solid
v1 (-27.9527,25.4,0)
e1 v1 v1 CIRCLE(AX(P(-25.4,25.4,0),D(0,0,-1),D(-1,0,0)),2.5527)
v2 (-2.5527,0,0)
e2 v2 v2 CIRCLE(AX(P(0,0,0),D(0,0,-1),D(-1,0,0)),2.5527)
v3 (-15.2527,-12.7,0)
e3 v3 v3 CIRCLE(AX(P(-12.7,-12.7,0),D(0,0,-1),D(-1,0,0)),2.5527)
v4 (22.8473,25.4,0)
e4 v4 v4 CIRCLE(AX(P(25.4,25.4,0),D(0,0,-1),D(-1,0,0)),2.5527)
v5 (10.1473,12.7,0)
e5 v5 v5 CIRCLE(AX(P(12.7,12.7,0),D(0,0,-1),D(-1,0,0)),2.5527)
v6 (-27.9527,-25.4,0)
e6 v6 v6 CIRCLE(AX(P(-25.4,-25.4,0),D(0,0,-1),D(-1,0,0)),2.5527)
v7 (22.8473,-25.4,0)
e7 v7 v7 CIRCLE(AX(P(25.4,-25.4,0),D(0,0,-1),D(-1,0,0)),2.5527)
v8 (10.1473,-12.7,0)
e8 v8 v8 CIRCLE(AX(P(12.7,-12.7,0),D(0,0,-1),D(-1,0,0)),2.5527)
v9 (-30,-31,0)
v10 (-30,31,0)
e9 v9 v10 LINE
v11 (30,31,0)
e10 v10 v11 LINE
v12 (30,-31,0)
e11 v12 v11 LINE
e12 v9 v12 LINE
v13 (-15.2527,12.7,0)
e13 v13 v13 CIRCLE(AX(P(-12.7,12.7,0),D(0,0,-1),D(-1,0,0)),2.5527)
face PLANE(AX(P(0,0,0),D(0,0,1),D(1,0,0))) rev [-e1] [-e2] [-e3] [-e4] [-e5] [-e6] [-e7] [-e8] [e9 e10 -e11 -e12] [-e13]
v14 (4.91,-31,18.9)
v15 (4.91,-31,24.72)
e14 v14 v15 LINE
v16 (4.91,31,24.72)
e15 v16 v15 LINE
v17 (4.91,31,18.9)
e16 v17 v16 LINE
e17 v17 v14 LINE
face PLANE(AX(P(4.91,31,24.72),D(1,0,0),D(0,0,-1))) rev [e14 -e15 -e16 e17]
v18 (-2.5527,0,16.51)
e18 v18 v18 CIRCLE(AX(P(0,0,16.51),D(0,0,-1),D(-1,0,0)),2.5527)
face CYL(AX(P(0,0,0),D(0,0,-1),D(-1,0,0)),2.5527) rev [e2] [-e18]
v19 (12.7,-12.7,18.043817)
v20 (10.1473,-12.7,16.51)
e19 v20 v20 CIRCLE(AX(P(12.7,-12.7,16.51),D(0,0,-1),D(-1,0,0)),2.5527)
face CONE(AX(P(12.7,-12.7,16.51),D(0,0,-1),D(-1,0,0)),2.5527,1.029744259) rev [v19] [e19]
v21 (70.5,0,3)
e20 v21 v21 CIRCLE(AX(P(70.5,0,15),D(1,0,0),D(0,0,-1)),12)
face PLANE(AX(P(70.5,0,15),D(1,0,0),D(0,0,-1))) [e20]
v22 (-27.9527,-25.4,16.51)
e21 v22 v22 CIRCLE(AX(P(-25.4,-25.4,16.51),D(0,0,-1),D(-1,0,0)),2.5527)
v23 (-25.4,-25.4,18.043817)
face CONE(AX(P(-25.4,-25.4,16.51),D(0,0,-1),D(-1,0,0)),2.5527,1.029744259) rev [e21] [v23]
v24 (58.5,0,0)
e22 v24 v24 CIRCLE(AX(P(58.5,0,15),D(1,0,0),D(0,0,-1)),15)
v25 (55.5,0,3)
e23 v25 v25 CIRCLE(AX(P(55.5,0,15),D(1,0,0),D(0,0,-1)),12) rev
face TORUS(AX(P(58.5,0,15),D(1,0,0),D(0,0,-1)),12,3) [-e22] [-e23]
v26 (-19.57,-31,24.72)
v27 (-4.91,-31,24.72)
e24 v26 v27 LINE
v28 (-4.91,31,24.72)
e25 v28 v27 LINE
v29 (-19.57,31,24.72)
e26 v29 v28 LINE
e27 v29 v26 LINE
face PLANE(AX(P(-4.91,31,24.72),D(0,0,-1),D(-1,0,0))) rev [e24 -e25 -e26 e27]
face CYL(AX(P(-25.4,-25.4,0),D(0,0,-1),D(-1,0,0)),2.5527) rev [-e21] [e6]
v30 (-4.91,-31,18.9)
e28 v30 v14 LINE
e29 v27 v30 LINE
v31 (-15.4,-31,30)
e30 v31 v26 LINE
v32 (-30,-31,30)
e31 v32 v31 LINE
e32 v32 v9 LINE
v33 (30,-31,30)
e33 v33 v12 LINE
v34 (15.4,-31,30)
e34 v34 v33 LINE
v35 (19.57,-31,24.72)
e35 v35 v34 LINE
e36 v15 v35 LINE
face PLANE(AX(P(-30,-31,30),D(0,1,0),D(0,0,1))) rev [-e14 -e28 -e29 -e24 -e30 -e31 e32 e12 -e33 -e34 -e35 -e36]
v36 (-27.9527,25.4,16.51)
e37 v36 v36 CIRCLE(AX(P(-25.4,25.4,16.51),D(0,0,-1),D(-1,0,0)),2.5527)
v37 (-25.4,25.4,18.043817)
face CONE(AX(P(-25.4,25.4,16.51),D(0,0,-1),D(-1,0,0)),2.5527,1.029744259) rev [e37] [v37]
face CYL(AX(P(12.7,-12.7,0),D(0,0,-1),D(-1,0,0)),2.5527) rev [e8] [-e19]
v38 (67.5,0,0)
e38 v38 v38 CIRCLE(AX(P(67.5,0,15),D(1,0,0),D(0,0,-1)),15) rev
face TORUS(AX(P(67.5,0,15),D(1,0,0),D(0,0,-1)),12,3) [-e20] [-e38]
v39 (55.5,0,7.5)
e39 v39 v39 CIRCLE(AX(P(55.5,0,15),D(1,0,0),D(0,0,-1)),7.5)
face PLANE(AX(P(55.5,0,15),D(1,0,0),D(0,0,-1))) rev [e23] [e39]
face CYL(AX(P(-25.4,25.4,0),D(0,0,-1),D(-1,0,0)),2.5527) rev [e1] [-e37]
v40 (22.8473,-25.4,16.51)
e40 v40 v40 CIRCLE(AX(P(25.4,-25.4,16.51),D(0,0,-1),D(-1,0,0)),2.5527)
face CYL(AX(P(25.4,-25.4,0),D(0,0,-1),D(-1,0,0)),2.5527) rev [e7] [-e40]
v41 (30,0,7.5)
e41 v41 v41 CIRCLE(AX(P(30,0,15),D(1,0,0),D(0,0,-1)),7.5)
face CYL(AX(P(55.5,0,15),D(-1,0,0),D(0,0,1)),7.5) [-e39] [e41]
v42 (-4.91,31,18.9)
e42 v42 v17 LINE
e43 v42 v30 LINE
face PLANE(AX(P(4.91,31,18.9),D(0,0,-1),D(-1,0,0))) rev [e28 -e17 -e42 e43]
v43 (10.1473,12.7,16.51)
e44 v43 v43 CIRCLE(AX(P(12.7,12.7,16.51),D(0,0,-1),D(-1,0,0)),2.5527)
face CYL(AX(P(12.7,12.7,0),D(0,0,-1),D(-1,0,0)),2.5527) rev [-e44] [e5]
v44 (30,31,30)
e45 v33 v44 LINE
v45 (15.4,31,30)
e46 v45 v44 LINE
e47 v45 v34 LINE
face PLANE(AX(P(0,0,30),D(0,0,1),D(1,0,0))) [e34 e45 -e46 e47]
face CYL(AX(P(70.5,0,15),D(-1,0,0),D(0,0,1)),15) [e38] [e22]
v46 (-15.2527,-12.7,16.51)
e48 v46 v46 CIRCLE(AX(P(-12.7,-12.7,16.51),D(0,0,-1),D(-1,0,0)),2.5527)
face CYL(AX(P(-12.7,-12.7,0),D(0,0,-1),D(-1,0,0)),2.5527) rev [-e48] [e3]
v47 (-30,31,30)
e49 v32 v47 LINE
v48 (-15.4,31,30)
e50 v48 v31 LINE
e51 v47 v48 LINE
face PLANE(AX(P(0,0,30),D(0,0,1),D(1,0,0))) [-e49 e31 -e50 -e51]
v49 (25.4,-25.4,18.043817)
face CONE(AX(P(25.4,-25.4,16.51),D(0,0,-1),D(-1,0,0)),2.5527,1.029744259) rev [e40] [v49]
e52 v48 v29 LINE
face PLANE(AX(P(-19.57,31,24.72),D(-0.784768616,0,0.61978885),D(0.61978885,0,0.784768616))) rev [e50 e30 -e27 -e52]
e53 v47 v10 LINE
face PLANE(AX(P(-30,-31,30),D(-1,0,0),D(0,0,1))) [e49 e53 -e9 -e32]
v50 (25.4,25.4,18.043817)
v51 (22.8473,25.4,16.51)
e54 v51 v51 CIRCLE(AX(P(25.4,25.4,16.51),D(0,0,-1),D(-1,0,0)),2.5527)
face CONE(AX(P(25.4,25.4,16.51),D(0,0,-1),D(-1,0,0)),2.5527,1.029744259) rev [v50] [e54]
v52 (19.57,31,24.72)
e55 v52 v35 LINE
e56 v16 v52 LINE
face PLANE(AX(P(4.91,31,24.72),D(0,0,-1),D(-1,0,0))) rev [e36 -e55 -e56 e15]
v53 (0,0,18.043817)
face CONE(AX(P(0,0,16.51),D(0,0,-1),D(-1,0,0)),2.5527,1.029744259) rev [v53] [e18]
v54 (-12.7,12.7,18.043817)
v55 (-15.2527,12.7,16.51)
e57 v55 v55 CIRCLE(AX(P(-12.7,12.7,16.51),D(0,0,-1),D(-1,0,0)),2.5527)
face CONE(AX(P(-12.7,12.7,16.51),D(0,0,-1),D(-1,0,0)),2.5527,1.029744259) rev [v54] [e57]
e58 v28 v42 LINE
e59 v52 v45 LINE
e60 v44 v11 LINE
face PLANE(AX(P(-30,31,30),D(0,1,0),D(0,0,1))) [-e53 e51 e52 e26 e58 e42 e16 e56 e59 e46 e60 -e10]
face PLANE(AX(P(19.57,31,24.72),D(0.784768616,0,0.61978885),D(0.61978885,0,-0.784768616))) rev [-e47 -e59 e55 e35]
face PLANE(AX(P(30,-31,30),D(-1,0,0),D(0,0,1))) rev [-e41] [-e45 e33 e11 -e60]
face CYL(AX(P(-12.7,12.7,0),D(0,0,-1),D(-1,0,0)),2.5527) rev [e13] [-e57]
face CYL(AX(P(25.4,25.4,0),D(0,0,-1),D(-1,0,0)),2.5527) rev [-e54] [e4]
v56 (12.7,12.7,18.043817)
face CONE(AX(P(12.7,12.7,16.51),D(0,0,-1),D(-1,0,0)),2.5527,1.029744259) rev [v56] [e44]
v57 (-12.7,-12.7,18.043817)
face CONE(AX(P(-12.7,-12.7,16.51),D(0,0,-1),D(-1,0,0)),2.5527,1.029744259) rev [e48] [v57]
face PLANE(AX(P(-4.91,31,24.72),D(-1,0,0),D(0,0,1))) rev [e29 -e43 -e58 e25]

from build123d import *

# Parameters (mm, degrees)
SKETCH1_W                   = 60
SKETCH1_H                   = 62
BOSS_EXTRUDE1_DEPTH         = 30
SKETCH3_R                   = 7.5
BOSS_EXTRUDE2_DEPTH         = 25.5
SKETCH4_R                   = 15
BOSS_EXTRUDE3_DEPTH         = 15
FILLET1_R                   = 3
SKETCH1_3_W                 = 60
SKETCH1_3_H                 = 62
SKETCH1_3_R                 = 3.175
BOSS_EXTRUDE4_DEPTH         = 20
F_1_4_20_TAPPED_HOLE1_D     = 5.1054
F_1_4_20_TAPPED_HOLE1_DEPTH = 16.51
F_1_4_20_TAPPED_HOLE1_TIP   = 1.533816902
F_1_4_20_TAPPED_HOLE2_D     = 5.1054
F_1_4_20_TAPPED_HOLE2_DEPTH = 16.51
F_1_4_20_TAPPED_HOLE2_TIP   = 1.533816902
CUT_EXTRUDE1_DEPTH          = 63


with BuildPart() as part:
    # Sketch1 → Boss-Extrude1 (new body)
    with BuildSketch(Plane.XY):
        Rectangle(SKETCH1_W, SKETCH1_H)
    extrude(amount=BOSS_EXTRUDE1_DEPTH)

    # Sketch3 → Boss-Extrude2 (add)
    with BuildSketch(Plane(origin=(30, 0, 0), x_dir=(0, 0, -1), z_dir=(1, 0, 0))):
        with Locations((-15, 0)):
            Circle(SKETCH3_R)
    extrude(amount=BOSS_EXTRUDE2_DEPTH)

    # Sketch4 → Boss-Extrude3 (add)
    with BuildSketch(Plane(origin=(55.5, 0, 0), x_dir=(0, 0, -1), z_dir=(1, 0, 0))):
        with Locations((-15, 0)):
            Circle(SKETCH4_R)
    extrude(amount=BOSS_EXTRUDE3_DEPTH)

    # Fillet1
    fillet1_edges = [part.edges().sort_by_distance(p)[0] for p in [
        (55.5, 0, 30),
        (70.5, 0, 30),
    ]]
    fillet(fillet1_edges, radius=FILLET1_R)

    # Sketch1<3> → Boss-Extrude4 (add)
    with BuildSketch(Plane.XY):
        Rectangle(SKETCH1_3_W, SKETCH1_3_H)
        Circle(SKETCH1_3_R, mode=Mode.SUBTRACT)
        with Locations((25.4, 25.4)):
            Circle(SKETCH1_3_R, mode=Mode.SUBTRACT)
        with Locations((-25.4, 25.4)):
            Circle(SKETCH1_3_R, mode=Mode.SUBTRACT)
        with Locations((-25.4, -25.4)):
            Circle(SKETCH1_3_R, mode=Mode.SUBTRACT)
        with Locations((25.4, -25.4)):
            Circle(SKETCH1_3_R, mode=Mode.SUBTRACT)
        with Locations((-12.7, 12.7)):
            Circle(SKETCH1_3_R, mode=Mode.SUBTRACT)
        with Locations((12.7, 12.7)):
            Circle(SKETCH1_3_R, mode=Mode.SUBTRACT)
        with Locations((-12.7, -12.7)):
            Circle(SKETCH1_3_R, mode=Mode.SUBTRACT)
        with Locations((12.7, -12.7)):
            Circle(SKETCH1_3_R, mode=Mode.SUBTRACT)
    extrude(amount=BOSS_EXTRUDE4_DEPTH)

    # 1/4-20 Tapped Hole1
    with Locations(Plane(origin=(0, 0, 0), x_dir=(-1, 0, 0), z_dir=(0, 0, -1))):
        with Locations((-25.4, 25.4), (25.4, 25.4), (25.4, -25.4), (-25.4, -25.4)):
            Hole(F_1_4_20_TAPPED_HOLE1_D / 2, depth=F_1_4_20_TAPPED_HOLE1_DEPTH)
            with Locations((0, 0, -(F_1_4_20_TAPPED_HOLE1_DEPTH + F_1_4_20_TAPPED_HOLE1_TIP / 2))):  # 118° drill point
                Cone(0, F_1_4_20_TAPPED_HOLE1_D / 2, F_1_4_20_TAPPED_HOLE1_TIP, mode=Mode.SUBTRACT)

    # 1/4-20 Tapped Hole2
    with Locations(Plane(origin=(0, 0, 0), x_dir=(-1, 0, 0), z_dir=(0, 0, -1))):
        with Locations((-12.7, 12.7), (0, 0), (12.7, 12.7), (12.7, -12.7), (-12.7, -12.7)):
            Hole(F_1_4_20_TAPPED_HOLE2_D / 2, depth=F_1_4_20_TAPPED_HOLE2_DEPTH)
            with Locations((0, 0, -(F_1_4_20_TAPPED_HOLE2_DEPTH + F_1_4_20_TAPPED_HOLE2_TIP / 2))):  # 118° drill point
                Cone(0, F_1_4_20_TAPPED_HOLE2_D / 2, F_1_4_20_TAPPED_HOLE2_TIP, mode=Mode.SUBTRACT)

    # Sketch16 → Cut-Extrude1 (cut, through all)
    with BuildSketch(Plane.XZ.offset(31)):
        Polygon((-4.91, 24.72), (-19.57, 24.72), (-15.4, 30), (15.4, 30), (19.57, 24.72), (4.91, 24.72), (4.91, 18.9), (-4.91, 18.9), align=None)
    extrude(amount=-CUT_EXTRUDE1_DEPTH, mode=Mode.SUBTRACT)


solid = part.part
